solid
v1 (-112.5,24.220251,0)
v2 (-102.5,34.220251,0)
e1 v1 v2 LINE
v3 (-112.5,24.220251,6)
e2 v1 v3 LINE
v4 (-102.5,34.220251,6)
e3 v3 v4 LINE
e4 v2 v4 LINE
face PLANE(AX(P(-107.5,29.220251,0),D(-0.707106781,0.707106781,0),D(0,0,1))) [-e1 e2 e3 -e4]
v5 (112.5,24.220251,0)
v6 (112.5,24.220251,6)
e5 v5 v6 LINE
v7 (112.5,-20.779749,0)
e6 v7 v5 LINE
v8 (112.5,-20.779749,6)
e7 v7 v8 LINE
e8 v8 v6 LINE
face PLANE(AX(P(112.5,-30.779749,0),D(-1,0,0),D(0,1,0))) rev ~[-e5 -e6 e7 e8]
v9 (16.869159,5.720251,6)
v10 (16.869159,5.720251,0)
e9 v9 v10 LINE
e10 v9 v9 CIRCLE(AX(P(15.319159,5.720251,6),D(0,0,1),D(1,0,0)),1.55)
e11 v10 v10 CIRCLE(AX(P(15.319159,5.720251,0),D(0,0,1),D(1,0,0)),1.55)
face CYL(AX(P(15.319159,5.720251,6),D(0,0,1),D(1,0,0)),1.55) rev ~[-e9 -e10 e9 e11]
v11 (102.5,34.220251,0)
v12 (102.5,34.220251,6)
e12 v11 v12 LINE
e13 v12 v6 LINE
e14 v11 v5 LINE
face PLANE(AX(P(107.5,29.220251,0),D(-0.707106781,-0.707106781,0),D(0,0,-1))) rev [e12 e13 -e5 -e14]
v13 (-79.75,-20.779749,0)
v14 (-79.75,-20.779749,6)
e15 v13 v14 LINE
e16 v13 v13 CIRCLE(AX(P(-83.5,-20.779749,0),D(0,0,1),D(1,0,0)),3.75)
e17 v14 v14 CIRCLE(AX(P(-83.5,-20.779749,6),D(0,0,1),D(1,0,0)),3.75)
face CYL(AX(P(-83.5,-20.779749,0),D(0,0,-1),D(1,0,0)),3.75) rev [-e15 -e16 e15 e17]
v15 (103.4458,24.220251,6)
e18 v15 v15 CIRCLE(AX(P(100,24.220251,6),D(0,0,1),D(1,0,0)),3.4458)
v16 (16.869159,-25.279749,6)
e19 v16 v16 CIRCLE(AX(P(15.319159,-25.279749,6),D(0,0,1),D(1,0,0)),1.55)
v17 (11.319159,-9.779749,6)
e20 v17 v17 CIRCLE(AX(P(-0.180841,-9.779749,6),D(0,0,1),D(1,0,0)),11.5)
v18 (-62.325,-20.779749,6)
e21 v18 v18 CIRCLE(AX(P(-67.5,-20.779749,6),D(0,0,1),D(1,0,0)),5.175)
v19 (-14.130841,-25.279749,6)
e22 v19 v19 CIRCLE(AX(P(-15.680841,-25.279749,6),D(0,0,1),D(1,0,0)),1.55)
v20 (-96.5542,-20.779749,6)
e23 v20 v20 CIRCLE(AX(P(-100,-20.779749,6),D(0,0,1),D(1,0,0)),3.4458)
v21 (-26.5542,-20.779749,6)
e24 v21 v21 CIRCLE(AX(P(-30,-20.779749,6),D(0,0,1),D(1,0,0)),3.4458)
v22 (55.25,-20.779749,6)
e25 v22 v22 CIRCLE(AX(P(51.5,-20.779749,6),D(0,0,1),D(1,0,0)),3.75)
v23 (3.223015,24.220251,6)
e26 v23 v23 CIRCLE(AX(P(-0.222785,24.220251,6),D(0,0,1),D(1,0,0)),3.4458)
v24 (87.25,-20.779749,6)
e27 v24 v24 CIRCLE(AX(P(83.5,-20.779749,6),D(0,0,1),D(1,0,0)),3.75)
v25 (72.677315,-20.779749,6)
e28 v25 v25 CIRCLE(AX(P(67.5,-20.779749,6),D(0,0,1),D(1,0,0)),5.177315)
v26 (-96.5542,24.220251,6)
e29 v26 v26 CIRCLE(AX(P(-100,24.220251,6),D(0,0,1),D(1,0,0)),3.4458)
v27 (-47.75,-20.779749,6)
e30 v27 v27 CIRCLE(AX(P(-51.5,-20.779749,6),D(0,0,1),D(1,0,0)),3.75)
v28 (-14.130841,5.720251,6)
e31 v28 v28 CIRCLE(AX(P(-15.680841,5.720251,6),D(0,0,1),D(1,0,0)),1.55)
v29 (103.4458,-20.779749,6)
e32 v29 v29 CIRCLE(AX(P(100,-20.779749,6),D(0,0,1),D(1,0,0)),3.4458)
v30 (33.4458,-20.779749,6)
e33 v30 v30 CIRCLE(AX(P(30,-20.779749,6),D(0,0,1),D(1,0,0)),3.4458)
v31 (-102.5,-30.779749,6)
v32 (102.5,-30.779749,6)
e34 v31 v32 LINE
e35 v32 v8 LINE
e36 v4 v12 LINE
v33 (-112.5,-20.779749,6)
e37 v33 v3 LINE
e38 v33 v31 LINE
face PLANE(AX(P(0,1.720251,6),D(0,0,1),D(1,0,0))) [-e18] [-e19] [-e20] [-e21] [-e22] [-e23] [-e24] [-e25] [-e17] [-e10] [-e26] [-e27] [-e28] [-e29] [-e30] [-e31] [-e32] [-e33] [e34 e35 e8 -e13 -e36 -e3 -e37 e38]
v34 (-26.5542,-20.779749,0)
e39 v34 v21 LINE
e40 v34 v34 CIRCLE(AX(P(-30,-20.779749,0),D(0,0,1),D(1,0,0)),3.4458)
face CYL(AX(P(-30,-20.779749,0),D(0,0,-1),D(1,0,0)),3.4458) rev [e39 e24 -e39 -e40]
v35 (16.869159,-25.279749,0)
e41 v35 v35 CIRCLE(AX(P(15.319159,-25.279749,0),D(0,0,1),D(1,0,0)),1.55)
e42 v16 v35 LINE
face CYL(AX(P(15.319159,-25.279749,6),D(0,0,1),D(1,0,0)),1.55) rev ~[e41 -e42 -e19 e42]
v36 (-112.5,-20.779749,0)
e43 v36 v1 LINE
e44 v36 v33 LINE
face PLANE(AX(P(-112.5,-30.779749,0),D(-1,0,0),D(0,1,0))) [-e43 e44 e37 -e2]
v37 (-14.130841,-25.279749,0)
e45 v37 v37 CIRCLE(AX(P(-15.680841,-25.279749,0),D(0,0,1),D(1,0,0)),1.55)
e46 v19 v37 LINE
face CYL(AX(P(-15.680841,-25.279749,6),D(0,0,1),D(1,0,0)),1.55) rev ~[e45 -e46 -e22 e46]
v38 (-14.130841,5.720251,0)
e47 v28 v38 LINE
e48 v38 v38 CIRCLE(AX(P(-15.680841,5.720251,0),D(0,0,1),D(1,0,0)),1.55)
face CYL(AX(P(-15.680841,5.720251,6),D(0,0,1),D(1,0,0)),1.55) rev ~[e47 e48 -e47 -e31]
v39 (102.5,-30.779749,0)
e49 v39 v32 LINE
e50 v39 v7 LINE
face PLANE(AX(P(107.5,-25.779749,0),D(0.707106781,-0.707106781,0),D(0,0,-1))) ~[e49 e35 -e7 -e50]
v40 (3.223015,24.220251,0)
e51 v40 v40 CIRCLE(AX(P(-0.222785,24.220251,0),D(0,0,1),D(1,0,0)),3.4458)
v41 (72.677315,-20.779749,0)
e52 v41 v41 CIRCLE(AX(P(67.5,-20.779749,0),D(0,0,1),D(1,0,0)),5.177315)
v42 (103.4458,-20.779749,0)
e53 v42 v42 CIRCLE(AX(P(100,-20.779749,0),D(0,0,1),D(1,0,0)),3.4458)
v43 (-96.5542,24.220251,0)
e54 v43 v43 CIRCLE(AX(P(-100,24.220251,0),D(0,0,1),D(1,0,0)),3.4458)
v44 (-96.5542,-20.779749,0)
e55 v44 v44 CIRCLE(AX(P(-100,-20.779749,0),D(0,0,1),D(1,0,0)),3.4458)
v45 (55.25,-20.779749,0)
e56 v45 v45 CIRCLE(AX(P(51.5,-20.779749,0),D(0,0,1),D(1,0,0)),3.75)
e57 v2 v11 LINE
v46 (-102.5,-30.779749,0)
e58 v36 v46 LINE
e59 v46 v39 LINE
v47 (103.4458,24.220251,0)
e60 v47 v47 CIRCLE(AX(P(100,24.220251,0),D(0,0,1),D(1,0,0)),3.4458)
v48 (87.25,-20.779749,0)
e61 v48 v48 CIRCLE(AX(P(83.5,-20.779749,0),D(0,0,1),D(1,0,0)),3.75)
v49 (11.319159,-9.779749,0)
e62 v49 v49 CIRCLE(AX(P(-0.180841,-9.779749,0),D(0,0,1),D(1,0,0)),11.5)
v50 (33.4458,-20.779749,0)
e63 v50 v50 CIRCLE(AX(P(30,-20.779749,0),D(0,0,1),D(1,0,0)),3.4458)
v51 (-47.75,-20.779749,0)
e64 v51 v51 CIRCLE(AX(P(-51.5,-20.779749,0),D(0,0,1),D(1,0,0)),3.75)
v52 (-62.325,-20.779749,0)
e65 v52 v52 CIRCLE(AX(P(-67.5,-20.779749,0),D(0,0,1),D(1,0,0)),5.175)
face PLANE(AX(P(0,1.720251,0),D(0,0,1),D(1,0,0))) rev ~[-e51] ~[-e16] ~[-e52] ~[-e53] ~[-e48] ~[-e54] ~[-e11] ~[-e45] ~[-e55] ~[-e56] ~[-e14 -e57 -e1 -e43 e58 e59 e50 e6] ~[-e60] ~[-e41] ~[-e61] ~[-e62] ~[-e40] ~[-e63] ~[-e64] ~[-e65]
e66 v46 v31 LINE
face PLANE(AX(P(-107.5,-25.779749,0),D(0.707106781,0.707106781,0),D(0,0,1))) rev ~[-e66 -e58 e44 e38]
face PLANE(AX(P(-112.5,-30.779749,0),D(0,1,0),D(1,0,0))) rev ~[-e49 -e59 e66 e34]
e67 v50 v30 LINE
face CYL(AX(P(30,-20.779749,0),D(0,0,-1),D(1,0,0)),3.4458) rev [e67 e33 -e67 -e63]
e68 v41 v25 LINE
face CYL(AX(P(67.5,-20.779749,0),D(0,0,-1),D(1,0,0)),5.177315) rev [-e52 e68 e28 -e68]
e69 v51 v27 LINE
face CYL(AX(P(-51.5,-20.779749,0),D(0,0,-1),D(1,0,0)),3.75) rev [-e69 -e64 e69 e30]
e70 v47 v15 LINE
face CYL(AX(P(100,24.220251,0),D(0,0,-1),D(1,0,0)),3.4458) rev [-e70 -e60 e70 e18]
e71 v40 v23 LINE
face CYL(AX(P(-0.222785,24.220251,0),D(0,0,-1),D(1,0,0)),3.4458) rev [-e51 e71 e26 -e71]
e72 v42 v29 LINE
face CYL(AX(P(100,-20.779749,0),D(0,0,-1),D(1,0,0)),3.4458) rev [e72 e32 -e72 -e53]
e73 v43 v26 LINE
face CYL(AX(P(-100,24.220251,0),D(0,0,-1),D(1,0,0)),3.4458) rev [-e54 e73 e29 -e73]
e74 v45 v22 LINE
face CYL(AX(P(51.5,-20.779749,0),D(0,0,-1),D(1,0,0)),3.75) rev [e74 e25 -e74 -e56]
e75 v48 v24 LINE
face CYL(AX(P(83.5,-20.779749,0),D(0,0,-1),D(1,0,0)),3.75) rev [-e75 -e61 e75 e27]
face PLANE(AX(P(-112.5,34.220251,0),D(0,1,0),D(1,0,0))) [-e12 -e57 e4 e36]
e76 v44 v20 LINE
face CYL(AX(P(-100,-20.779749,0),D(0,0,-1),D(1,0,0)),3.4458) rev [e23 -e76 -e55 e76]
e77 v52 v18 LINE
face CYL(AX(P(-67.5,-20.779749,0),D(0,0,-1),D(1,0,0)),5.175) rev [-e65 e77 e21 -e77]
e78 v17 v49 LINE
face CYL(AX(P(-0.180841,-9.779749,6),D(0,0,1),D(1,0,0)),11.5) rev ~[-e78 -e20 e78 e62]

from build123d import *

# Parameters (mm, degrees)
SKETCH1_W           = 225
SKETCH1_H           = 65
SKETCH1_R           = 3.75
SKETCH1_R_2         = 5.177315147
SKETCH1_R_3         = 5.175
SKETCH1_R_4         = 3.445800431
BOSS_EXTRUDE1_DEPTH = 6
CHAMFER1_SIZE       = 10
CUT_EXTRUDE1_REACH  = 119.742
SKETCH3_R           = 1.55
SKETCH3_R_2         = 11.5


with BuildPart() as part:
    # Sketch1 → Boss-Extrude1 (new body)
    with BuildSketch(Plane.XY):
        with Locations((0, 1.720251483)):
            Rectangle(SKETCH1_W, SKETCH1_H)
        with Locations((83.5, -20.779748517)):
            Circle(SKETCH1_R, mode=Mode.SUBTRACT)
        with Locations((51.5, -20.779748517)):
            Circle(SKETCH1_R, mode=Mode.SUBTRACT)
        with Locations((67.5, -20.779748517)):
            Circle(SKETCH1_R_2, mode=Mode.SUBTRACT)
        with Locations((-51.5, -20.779748517)):
            Circle(SKETCH1_R, mode=Mode.SUBTRACT)
        with Locations((-83.5, -20.779748517)):
            Circle(SKETCH1_R, mode=Mode.SUBTRACT)
        with Locations((-67.5, -20.779748517)):
            Circle(SKETCH1_R_3, mode=Mode.SUBTRACT)
        with Locations((30, -20.779748517)):
            Circle(SKETCH1_R_4, mode=Mode.SUBTRACT)
        with Locations((-30, -20.779748517)):
            Circle(SKETCH1_R_4, mode=Mode.SUBTRACT)
        with Locations((100, -20.779748517)):
            Circle(SKETCH1_R_4, mode=Mode.SUBTRACT)
        with Locations((100, 24.220251483)):
            Circle(SKETCH1_R_4, mode=Mode.SUBTRACT)
        with Locations((-0.222785291, 24.220251483)):
            Circle(SKETCH1_R_4, mode=Mode.SUBTRACT)
        with Locations((-100, -20.779748517)):
            Circle(SKETCH1_R_4, mode=Mode.SUBTRACT)
        with Locations((-100, 24.220251483)):
            Circle(SKETCH1_R_4, mode=Mode.SUBTRACT)
    extrude(amount=BOSS_EXTRUDE1_DEPTH)

    # Chamfer1
    chamfer1_edges = [part.edges().sort_by_distance(p)[0] for p in [
        (112.5, 34.220251483, 3),
        (112.5, -30.779748517, 3),
        (-112.5, -30.779748517, 3),
        (-112.5, 34.220251483, 3),
    ]]
    chamfer(chamfer1_edges, length=CHAMFER1_SIZE)

    # Sketch3 → Cut-Extrude1 (cut, up to next)
    with BuildSketch(Plane.XY.offset(6), mode=Mode.PRIVATE) as cut_extrude1_sk1:
        with Locations((-15.680841051, -25.279748517)):
            Circle(SKETCH3_R)
    cut_extrude1_tool1 = extrude(cut_extrude1_sk1.sketch, amount=-CUT_EXTRUDE1_REACH, mode=Mode.PRIVATE) & part.part
    # Sketch3 → Cut-Extrude1 (cut, up to next)
    with BuildSketch(Plane.XY.offset(6), mode=Mode.PRIVATE) as cut_extrude1_sk2:
        with Locations((-15.680841051, 5.720251483)):
            Circle(SKETCH3_R)
    cut_extrude1_tool2 = extrude(cut_extrude1_sk2.sketch, amount=-CUT_EXTRUDE1_REACH, mode=Mode.PRIVATE) & part.part
    # Sketch3 → Cut-Extrude1 (cut, up to next)
    with BuildSketch(Plane.XY.offset(6), mode=Mode.PRIVATE) as cut_extrude1_sk3:
        with Locations((15.319158949, 5.720251483)):
            Circle(SKETCH3_R)
    cut_extrude1_tool3 = extrude(cut_extrude1_sk3.sketch, amount=-CUT_EXTRUDE1_REACH, mode=Mode.PRIVATE) & part.part
    # Sketch3 → Cut-Extrude1 (cut, up to next)
    with BuildSketch(Plane.XY.offset(6), mode=Mode.PRIVATE) as cut_extrude1_sk4:
        with Locations((15.319158949, -25.279748517)):
            Circle(SKETCH3_R)
    cut_extrude1_tool4 = extrude(cut_extrude1_sk4.sketch, amount=-CUT_EXTRUDE1_REACH, mode=Mode.PRIVATE) & part.part
    # Sketch3 → Cut-Extrude1 (cut, up to next)
    with BuildSketch(Plane.XY.offset(6), mode=Mode.PRIVATE) as cut_extrude1_sk5:
        with Locations((-0.180841051, -9.779748517)):
            Circle(SKETCH3_R_2)
    cut_extrude1_tool5 = extrude(cut_extrude1_sk5.sketch, amount=-CUT_EXTRUDE1_REACH, mode=Mode.PRIVATE) & part.part
    add(cut_extrude1_tool1.solids().sort_by_distance((-15.680841, -25.279749, 6))[0], mode=Mode.SUBTRACT)
    add(cut_extrude1_tool2.solids().sort_by_distance((-15.680841, 5.720251, 6))[0], mode=Mode.SUBTRACT)
    add(cut_extrude1_tool3.solids().sort_by_distance((15.319159, 5.720251, 6))[0], mode=Mode.SUBTRACT)
    add(cut_extrude1_tool4.solids().sort_by_distance((15.319159, -25.279749, 6))[0], mode=Mode.SUBTRACT)
    add(cut_extrude1_tool5.solids().sort_by_distance((-0.180841, -9.779749, 6))[0], mode=Mode.SUBTRACT)


solid = part.part
